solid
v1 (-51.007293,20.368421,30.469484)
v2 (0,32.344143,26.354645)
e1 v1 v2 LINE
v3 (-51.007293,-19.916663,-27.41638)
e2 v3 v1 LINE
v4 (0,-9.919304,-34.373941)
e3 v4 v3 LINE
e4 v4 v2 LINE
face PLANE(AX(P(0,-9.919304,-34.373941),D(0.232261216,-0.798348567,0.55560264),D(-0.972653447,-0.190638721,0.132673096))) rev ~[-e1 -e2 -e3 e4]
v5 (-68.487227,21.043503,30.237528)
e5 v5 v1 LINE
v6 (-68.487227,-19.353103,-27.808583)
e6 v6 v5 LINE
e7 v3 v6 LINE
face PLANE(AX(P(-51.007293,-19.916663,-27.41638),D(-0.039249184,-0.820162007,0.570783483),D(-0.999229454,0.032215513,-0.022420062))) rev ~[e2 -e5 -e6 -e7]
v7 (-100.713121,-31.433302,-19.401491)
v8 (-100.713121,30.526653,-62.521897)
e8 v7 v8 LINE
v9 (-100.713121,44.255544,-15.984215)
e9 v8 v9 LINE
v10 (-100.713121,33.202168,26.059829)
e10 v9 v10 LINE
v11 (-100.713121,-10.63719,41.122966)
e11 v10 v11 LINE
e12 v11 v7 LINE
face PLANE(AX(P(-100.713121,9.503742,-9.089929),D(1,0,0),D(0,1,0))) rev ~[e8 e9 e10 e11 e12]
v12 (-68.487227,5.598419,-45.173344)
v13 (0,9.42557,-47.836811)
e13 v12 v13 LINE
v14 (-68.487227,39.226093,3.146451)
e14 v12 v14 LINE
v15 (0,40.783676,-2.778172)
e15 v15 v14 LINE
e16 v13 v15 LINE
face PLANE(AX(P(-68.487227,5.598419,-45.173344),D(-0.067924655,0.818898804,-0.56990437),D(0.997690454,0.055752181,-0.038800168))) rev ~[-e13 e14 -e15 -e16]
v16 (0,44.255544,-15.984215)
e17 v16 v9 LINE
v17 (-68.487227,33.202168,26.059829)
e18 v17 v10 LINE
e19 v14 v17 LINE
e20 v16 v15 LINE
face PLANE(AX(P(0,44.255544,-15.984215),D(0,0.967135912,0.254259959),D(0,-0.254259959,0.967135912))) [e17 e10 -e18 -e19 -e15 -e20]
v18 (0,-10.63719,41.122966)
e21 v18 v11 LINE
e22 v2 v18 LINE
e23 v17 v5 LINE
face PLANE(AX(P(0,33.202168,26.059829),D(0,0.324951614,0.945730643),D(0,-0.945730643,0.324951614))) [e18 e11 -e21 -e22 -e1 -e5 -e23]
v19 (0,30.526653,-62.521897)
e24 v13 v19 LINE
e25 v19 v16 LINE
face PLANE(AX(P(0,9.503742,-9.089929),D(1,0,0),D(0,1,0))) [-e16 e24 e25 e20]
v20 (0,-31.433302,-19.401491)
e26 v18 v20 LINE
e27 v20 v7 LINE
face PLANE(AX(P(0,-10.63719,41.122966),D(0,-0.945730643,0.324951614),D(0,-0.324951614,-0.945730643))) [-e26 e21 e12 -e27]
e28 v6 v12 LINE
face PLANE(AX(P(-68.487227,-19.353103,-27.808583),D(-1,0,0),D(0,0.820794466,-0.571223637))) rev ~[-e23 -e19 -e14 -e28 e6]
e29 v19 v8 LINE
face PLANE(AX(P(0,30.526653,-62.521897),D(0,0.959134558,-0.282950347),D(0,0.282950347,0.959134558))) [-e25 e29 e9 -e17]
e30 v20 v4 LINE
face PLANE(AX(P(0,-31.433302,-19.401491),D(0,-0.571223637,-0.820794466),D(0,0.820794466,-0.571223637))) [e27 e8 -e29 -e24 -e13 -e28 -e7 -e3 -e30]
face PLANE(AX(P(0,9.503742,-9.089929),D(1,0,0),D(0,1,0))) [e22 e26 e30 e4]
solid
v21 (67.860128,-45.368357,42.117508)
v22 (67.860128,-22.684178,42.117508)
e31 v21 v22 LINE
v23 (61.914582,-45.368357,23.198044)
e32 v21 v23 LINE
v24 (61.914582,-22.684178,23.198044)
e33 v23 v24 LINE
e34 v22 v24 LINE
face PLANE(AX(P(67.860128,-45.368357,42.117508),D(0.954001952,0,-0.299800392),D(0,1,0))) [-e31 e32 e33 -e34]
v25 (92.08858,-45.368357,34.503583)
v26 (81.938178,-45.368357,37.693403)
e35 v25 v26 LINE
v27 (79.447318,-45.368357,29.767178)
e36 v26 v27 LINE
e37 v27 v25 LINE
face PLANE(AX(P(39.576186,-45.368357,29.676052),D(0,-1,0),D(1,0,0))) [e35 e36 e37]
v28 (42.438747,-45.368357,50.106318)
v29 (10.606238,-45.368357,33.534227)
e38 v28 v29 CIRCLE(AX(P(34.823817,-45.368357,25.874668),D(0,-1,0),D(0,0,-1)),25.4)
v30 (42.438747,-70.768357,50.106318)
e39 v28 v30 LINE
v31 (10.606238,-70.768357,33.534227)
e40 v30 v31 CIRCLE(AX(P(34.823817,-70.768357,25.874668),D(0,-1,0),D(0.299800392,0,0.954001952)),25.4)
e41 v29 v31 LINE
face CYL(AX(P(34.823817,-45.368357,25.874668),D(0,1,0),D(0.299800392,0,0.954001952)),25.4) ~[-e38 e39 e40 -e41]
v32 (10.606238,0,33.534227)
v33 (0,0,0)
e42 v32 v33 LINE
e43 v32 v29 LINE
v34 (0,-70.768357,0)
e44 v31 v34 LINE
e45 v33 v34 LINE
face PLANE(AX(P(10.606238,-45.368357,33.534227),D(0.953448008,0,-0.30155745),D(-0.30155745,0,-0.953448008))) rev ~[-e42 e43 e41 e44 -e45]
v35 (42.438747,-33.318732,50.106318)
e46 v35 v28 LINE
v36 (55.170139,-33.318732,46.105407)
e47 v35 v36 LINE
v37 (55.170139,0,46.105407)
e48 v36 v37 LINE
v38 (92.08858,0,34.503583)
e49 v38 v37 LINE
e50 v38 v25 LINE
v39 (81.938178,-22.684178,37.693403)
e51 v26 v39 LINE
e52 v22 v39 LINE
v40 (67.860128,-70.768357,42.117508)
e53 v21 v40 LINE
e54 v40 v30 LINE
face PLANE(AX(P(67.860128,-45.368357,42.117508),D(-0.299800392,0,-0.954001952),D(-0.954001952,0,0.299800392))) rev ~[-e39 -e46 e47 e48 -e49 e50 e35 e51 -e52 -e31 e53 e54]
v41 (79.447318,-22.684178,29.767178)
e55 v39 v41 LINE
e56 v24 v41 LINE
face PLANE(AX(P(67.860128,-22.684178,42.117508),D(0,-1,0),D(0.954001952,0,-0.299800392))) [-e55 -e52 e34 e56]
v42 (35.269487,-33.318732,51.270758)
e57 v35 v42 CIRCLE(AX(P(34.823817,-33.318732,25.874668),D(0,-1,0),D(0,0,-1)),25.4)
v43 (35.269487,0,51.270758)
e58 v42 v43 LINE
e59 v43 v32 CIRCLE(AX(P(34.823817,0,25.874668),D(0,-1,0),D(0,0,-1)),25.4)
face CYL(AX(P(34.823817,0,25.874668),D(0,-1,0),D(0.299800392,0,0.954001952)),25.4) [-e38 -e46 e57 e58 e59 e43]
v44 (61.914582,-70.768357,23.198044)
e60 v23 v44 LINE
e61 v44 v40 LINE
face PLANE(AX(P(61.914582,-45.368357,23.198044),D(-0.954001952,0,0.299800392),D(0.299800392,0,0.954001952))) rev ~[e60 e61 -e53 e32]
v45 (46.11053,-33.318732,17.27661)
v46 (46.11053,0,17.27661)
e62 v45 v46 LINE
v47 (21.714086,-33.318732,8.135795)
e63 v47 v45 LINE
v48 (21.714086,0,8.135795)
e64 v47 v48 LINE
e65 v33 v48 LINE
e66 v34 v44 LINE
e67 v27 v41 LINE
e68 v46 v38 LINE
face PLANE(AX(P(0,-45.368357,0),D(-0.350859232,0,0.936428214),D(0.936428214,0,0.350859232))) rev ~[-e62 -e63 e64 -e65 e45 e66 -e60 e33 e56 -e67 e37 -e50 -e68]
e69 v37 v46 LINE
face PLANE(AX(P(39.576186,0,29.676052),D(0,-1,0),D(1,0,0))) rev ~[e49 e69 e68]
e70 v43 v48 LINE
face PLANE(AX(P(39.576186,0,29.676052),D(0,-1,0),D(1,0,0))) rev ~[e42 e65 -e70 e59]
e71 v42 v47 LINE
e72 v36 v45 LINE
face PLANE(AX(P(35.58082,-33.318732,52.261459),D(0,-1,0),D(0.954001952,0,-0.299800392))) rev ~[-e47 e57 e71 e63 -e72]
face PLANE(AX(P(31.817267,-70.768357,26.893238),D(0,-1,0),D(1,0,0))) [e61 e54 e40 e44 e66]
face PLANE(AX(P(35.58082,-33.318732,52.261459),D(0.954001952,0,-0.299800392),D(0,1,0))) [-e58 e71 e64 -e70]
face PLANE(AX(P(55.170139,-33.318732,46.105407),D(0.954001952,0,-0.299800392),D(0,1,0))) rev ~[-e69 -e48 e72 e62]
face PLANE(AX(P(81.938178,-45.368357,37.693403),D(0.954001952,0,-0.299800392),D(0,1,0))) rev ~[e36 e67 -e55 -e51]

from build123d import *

# Parameters (mm, degrees)
F1_DEPTH = 45.3683566302
F2_W     = 20.5338352643
F2_H     = 33.3187319338
F2_W_2   = 14.7568359971
F2_H_2   = 22.6841783151
F3_DEPTH = 93.0456835777
F4_R     = 25.4
F5_DEPTH = 25.4
F7_DEPTH = 100.7131207734
F9_DEPTH = 137.8182396293


with BuildPart() as f1:
    # F0 (on Front) → F1 (new body)
    with BuildSketch(Plane.XZ):
        Polygon((0, 0), (92.0885801315, 34.503582865), (18.2516984642, 57.7072314918), align=None)
    extrude(amount=F1_DEPTH)

    # F2 (on face) → F3 (cut)
    with BuildSketch(Plane(origin=(18.145322164, 0, 57.7406608327), x_dir=(0.9540019522, 0, -0.2998003923), z_dir=(0.2998003923, 0, 0.9540019522))):
        with Locations((28.543083803, -16.6593659669)):
            Rectangle(F2_W, F2_H)
        with Locations((59.4902671874, -34.0262674727)):
            Rectangle(F2_W_2, F2_H_2)
    extrude(amount=-F3_DEPTH, mode=Mode.SUBTRACT)

    # F4
    f4_edges = [f1.edges().sort_by_distance(p)[0] for p in [
        (18.251698, -22.684178, 57.707231),
    ]]
    fillet(f4_edges, radius=F4_R)

    # F3_face (on face) → F5 (join)
    with BuildSketch(Plane(origin=(33.0328934658, -45.3683566302, 29.0065580598), x_dir=(1, 0, 0), z_dir=(0, -1, 0))):
        with BuildLine():
            Line((-22.4266559228, 4.5276692535), (-33.0328934658, -29.0065580598))
            Line((-33.0328934658, -29.0065580598), (28.8816881862, -5.8085144421))
            Line((28.8816881862, -5.8085144421), (34.8272345569, 13.1109499441))
            Line((34.8272345569, 13.1109499441), (9.4058534529, 21.0997596206))
            ThreePointArc((9.4058534529, 21.0997596206), (-9.9381232307, 19.3978562172), (-22.4266559228, 4.5276692535))
        make_face()
    extrude(amount=F5_DEPTH)


with BuildPart() as f7:
    # F6 (on Right) → F7 (new body)
    with BuildSketch(Plane.YZ):
        Polygon((44.2555435002, -15.9842148423), (33.2021676004, 26.0598286986), (-10.6371901929, 41.1229655147), (-31.4333016958, -19.4014912449), (30.5266529322, -62.5218972564), align=None)
    extrude(amount=-F7_DEPTH)

    # F8 (on face) → F9 (cut)
    with BuildSketch(Plane(origin=(0, -19.3531034318, -27.8085834865), x_dir=(1, 0, 0), z_dir=(0, -0.5712236373, -0.8207944665))):
        Polygon((0, -11.4934974662), (0, -35.0619731547), (11.7985904217, -35.8652435243), (7.1338117123, -13.1969898939), align=None)
        Polygon((-51.0072931647, 0.6866022013), (-68.487226963, 0), (-68.487226963, -30.3992331028), (0, -35.0619731547), (0, -11.4934974662), align=None)
    extrude(amount=-F9_DEPTH, mode=Mode.SUBTRACT)


solid = Compound([f1.part, f7.part])
